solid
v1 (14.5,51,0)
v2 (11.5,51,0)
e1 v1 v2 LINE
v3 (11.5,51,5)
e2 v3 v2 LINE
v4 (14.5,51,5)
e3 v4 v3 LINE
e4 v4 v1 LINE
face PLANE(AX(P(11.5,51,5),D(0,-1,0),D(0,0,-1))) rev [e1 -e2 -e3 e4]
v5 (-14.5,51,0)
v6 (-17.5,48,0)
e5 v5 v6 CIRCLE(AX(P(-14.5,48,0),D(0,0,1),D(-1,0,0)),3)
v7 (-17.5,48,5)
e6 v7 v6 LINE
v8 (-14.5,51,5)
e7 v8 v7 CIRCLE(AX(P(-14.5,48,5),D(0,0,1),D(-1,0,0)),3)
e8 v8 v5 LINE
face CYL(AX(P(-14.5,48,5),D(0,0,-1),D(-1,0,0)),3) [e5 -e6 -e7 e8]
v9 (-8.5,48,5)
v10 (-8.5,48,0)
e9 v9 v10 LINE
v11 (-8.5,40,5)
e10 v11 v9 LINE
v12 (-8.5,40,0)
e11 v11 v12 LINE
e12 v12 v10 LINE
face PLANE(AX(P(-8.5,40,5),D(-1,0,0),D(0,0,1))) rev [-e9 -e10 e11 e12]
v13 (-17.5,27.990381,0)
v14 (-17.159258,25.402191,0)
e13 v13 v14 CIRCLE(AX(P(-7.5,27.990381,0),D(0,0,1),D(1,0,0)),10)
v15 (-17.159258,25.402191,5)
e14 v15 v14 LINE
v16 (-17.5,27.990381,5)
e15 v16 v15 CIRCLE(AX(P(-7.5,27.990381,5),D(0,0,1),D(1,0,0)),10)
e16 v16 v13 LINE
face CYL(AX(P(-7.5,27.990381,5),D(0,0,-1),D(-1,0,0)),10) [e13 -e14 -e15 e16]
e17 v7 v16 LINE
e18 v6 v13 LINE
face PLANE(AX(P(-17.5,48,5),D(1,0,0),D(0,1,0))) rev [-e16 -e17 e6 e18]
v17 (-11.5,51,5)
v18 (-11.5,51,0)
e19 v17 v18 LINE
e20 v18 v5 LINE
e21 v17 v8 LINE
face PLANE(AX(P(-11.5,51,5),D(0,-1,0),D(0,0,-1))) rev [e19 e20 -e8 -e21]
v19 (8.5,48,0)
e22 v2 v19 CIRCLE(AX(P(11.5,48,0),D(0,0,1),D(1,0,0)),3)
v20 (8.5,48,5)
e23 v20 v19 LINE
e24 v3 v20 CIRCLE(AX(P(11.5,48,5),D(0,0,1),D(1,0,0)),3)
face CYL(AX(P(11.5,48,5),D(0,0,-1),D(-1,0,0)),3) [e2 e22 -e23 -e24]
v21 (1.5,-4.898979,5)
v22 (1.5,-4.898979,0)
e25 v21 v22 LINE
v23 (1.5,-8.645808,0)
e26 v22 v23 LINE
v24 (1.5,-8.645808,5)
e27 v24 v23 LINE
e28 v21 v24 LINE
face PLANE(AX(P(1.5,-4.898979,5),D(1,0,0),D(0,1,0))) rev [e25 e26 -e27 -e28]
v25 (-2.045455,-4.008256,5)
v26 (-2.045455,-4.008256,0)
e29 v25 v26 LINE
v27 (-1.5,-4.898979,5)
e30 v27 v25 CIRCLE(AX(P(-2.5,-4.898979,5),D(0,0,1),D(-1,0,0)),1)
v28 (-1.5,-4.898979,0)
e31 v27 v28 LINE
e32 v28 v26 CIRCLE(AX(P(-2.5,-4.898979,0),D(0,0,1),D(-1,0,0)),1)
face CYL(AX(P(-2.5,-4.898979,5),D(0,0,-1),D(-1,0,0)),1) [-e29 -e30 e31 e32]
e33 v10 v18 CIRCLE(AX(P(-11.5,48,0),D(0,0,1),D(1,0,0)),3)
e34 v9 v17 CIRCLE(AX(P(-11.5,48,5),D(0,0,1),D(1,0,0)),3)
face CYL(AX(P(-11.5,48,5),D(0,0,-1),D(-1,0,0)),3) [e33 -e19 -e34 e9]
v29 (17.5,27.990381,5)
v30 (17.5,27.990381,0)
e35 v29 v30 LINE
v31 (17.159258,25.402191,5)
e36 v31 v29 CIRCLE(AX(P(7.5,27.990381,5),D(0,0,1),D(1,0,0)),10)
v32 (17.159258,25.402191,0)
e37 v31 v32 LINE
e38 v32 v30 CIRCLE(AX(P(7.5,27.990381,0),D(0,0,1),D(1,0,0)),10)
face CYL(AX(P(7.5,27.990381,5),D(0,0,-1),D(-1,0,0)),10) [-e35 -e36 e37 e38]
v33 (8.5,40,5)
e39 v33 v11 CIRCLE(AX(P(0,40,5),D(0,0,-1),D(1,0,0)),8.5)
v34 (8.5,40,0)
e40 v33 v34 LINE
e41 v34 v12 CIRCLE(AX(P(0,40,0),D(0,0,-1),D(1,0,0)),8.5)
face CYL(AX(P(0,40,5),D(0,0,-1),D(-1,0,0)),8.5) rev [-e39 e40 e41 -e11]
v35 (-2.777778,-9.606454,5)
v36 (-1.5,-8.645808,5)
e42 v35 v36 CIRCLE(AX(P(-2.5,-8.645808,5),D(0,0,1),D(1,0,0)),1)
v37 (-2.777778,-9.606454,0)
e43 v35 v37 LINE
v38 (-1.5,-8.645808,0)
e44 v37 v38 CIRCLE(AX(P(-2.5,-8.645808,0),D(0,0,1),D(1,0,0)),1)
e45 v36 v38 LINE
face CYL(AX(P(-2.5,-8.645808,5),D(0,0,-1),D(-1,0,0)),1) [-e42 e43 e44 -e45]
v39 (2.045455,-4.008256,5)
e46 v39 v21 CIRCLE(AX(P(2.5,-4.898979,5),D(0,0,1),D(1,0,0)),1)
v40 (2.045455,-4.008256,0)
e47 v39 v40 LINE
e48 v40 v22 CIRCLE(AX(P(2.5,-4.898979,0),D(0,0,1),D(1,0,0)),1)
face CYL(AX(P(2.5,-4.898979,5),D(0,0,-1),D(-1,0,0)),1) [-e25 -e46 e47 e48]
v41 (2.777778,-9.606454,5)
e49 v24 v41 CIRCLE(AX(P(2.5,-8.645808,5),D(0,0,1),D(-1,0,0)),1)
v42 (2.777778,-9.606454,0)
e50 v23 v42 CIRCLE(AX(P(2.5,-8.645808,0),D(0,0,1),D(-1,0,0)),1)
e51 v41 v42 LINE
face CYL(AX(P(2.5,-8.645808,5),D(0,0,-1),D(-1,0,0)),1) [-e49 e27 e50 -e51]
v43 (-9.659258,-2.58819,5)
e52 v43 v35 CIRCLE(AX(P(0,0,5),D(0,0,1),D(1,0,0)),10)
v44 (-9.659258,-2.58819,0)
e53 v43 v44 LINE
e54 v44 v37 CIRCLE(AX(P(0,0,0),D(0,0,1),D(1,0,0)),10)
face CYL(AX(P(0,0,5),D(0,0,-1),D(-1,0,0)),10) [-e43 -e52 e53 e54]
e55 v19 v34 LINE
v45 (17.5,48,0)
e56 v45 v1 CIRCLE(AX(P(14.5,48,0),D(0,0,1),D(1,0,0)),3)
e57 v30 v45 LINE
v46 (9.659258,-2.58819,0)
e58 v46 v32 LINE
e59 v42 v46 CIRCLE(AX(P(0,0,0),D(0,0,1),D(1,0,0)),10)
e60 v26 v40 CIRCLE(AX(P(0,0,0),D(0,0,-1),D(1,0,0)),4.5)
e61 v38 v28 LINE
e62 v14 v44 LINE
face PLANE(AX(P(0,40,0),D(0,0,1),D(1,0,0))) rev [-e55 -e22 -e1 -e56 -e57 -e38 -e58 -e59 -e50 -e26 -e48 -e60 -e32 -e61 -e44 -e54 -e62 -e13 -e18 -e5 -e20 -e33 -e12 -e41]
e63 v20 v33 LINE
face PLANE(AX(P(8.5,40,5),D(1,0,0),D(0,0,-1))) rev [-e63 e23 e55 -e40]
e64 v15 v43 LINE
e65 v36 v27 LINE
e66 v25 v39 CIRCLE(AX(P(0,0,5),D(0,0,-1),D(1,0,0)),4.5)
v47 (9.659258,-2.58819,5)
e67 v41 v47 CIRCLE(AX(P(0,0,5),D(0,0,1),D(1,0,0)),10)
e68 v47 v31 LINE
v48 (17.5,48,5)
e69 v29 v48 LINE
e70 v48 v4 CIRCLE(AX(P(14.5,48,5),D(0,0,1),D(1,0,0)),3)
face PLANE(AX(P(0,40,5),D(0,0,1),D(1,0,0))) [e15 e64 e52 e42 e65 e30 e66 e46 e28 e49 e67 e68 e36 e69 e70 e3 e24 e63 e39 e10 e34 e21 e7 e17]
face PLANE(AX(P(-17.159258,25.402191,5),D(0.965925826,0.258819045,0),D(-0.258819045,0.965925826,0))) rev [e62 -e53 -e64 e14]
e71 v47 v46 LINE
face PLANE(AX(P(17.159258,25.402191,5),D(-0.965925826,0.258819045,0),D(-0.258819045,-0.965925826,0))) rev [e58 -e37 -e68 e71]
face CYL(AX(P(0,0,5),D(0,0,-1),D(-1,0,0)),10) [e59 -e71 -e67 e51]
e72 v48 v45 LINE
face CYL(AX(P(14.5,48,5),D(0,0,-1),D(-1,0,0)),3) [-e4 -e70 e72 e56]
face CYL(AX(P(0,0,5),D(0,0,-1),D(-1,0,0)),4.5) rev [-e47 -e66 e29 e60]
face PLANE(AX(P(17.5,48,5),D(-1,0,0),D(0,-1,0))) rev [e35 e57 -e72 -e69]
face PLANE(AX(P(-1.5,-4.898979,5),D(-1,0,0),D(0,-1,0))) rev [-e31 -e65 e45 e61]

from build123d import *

# Parameters (mm, degrees)
BASE_EXTRUDE_DEPTH = 5


with BuildPart() as part:
    # Sketch1 → Base-Extrude (new body)
    with BuildSketch(Plane.XY):
        with BuildLine():
            Line((1.5, -4.898979486), (1.5, -8.645808233))
            ThreePointArc((1.5, -8.645808233), (1.899074787, -9.445113487), (2.777777778, -9.606453592))
            ThreePointArc((2.777777778, -9.606453592), (7.140306068, -7.001144853), (9.659258263, -2.588190451))
            Line((9.659258263, -2.588190451), (17.159258263, 25.402190606))
            ThreePointArc((17.159258263, 25.402190606), (17.414448614, 26.685119135), (17.5, 27.990381057))
            Line((17.5, 27.990381057), (17.5, 48))
            ThreePointArc((17.5, 48), (16.621320344, 50.121320344), (14.5, 51))
            Line((14.5, 51), (11.5, 51))
            ThreePointArc((11.5, 51), (9.378679656, 50.121320344), (8.5, 48))
            Line((8.5, 48), (8.5, 40))
            ThreePointArc((8.5, 40), (0, 31.5), (-8.5, 40))
            Line((-8.5, 40), (-8.5, 48))
            ThreePointArc((-8.5, 48), (-9.378679656, 50.121320344), (-11.5, 51))
            Line((-11.5, 51), (-14.5, 51))
            ThreePointArc((-14.5, 51), (-16.621320344, 50.121320344), (-17.5, 48))
            Line((-17.5, 48), (-17.5, 27.990381057))
            ThreePointArc((-17.5, 27.990381057), (-17.414448614, 26.685119135), (-17.159258263, 25.402190606))
            Line((-17.159258263, 25.402190606), (-9.659258263, -2.588190451))
            ThreePointArc((-9.659258263, -2.588190451), (-7.140306068, -7.001144853), (-2.777777778, -9.606453592))
            ThreePointArc((-2.777777778, -9.606453592), (-1.899074787, -9.445113487), (-1.5, -8.645808233))
            Line((-1.5, -8.645808233), (-1.5, -4.898979486))
            ThreePointArc((-1.5, -4.898979486), (-1.647197135, -4.376746518), (-2.045454545, -4.008255943))
            ThreePointArc((-2.045454545, -4.008255943), (0, 4.5), (2.045454545, -4.008255943))
            ThreePointArc((2.045454545, -4.008255943), (1.647197135, -4.376746518), (1.5, -4.898979486))
        make_face()
    extrude(amount=BASE_EXTRUDE_DEPTH)


solid = part.part
